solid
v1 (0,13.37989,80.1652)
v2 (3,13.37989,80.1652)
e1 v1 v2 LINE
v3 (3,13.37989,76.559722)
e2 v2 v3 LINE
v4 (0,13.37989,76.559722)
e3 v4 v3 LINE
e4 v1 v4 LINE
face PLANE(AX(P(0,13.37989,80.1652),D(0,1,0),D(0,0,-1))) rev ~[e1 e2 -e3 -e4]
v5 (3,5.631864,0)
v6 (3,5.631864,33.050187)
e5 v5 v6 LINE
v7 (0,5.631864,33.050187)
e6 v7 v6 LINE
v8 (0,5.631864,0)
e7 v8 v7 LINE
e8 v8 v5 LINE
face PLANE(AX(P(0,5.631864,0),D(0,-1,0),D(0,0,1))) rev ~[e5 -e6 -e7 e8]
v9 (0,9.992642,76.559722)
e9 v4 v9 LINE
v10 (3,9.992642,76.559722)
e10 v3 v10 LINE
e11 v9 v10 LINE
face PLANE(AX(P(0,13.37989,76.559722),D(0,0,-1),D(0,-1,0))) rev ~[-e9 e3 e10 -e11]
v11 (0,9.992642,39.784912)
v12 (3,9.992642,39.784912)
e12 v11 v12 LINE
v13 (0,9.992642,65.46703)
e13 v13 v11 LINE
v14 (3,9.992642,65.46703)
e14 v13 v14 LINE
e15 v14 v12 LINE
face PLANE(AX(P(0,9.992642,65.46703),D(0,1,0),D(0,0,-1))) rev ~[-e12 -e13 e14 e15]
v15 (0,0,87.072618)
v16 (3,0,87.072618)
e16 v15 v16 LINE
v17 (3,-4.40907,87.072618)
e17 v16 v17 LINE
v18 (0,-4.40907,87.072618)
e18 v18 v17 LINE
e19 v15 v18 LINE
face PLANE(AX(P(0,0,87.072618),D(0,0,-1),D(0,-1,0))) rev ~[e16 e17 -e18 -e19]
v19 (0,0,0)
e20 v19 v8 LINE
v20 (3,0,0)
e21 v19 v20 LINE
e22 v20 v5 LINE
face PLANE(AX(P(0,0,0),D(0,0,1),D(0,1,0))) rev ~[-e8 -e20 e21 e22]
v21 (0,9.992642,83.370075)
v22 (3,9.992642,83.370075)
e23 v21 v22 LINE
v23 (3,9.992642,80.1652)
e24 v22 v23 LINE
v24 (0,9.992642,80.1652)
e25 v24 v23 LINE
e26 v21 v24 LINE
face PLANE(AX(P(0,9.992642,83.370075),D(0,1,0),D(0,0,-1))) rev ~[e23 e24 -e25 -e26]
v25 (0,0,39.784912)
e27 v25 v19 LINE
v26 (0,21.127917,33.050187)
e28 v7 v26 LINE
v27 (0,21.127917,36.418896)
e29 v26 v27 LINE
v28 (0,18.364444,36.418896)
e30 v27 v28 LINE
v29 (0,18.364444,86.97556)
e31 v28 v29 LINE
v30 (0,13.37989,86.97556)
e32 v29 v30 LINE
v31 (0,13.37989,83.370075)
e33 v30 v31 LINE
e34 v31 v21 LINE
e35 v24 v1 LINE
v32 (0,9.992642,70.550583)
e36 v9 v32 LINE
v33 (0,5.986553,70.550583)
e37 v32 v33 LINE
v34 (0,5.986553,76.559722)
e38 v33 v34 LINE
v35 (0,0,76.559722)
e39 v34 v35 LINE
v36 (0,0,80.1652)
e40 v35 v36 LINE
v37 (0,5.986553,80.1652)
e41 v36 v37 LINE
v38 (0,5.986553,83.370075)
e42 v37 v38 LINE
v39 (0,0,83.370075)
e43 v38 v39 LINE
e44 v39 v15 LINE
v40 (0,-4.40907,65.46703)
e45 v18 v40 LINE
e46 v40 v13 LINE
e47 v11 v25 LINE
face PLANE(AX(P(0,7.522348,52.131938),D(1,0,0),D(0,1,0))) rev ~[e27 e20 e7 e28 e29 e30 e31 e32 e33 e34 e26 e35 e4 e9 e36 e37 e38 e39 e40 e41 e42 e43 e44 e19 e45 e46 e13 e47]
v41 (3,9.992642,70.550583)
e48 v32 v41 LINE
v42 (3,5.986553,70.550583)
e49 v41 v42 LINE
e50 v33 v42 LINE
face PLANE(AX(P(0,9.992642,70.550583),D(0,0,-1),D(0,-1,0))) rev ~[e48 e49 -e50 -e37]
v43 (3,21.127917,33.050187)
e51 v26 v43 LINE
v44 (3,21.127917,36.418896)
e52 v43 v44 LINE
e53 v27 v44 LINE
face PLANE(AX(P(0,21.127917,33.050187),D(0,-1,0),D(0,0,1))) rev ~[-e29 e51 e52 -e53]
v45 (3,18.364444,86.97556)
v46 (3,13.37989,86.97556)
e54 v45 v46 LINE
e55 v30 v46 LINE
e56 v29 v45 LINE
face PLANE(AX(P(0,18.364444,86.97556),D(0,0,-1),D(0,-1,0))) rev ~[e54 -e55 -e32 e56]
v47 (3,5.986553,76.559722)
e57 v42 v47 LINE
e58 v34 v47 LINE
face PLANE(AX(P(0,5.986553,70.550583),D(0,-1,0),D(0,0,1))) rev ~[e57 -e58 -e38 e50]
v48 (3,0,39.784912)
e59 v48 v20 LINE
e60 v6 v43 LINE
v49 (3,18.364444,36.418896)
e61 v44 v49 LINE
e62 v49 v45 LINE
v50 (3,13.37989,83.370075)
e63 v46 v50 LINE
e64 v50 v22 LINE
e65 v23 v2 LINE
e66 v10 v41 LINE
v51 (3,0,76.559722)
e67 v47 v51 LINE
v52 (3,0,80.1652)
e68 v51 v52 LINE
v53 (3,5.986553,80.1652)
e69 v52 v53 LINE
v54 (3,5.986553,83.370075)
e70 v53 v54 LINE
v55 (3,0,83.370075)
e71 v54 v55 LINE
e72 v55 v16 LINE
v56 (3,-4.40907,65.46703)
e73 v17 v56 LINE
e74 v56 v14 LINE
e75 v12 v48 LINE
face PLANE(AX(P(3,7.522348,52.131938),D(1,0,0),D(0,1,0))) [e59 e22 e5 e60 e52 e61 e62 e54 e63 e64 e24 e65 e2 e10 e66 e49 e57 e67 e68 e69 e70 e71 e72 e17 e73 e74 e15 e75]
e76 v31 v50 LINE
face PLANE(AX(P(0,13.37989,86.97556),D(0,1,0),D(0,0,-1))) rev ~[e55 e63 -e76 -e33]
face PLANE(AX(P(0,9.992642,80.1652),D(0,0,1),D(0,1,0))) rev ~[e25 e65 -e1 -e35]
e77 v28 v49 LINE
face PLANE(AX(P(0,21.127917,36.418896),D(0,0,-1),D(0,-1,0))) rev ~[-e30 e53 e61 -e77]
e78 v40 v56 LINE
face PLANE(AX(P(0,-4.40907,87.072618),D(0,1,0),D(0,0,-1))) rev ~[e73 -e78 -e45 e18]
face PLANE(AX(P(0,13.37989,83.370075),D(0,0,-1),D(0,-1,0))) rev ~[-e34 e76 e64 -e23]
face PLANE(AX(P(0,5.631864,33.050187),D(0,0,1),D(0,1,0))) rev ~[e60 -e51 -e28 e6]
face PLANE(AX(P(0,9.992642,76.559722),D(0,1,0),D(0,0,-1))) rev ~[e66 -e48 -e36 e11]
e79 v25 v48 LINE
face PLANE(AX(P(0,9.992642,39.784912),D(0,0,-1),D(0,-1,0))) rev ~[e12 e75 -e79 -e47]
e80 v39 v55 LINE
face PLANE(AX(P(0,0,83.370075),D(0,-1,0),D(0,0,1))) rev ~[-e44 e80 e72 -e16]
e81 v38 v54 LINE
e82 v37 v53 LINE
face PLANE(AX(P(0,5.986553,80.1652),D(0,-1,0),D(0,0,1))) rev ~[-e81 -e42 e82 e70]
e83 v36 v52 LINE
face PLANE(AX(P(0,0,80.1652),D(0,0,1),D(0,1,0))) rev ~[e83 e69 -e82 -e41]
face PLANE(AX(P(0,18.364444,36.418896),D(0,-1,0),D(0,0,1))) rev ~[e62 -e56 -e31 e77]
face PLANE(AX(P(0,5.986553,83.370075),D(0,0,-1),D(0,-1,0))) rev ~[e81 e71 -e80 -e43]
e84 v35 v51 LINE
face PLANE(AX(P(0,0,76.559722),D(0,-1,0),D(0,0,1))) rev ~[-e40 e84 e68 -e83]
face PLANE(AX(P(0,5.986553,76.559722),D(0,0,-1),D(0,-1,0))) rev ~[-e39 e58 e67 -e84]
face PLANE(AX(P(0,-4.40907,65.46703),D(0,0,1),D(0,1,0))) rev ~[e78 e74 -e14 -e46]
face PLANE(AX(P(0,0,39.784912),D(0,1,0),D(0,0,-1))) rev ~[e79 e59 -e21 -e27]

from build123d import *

# Parameters (mm, degrees)
F1_DEPTH = 3


with BuildPart() as f1:
    # F0 (on Right) → F1 (new body)
    with BuildSketch(Plane.YZ):
        Polygon((0, 39.784912), (0, 0), (5.631864, 0), (5.631864, 33.050187), (21.127917, 33.050187), (21.127917, 36.418896), (18.364444, 36.418896), (18.364444, 86.97556), (13.37989, 86.97556), (13.37989, 83.370075), (9.992642, 83.370075), (9.992642, 80.1652), (13.37989, 80.1652), (13.37989, 76.559722), (9.992642, 76.559722), (9.992642, 70.550583), (5.986553, 70.550583), (5.986553, 76.559722), (0, 76.559722), (0, 80.1652), (5.986553, 80.1652), (5.986553, 83.370075), (0, 83.370075), (0, 87.072618), (-4.40907, 87.072618), (-4.40907, 65.46703), (9.992642, 65.46703), (9.992642, 39.784912), align=None)
    extrude(amount=F1_DEPTH)


solid = f1.part
